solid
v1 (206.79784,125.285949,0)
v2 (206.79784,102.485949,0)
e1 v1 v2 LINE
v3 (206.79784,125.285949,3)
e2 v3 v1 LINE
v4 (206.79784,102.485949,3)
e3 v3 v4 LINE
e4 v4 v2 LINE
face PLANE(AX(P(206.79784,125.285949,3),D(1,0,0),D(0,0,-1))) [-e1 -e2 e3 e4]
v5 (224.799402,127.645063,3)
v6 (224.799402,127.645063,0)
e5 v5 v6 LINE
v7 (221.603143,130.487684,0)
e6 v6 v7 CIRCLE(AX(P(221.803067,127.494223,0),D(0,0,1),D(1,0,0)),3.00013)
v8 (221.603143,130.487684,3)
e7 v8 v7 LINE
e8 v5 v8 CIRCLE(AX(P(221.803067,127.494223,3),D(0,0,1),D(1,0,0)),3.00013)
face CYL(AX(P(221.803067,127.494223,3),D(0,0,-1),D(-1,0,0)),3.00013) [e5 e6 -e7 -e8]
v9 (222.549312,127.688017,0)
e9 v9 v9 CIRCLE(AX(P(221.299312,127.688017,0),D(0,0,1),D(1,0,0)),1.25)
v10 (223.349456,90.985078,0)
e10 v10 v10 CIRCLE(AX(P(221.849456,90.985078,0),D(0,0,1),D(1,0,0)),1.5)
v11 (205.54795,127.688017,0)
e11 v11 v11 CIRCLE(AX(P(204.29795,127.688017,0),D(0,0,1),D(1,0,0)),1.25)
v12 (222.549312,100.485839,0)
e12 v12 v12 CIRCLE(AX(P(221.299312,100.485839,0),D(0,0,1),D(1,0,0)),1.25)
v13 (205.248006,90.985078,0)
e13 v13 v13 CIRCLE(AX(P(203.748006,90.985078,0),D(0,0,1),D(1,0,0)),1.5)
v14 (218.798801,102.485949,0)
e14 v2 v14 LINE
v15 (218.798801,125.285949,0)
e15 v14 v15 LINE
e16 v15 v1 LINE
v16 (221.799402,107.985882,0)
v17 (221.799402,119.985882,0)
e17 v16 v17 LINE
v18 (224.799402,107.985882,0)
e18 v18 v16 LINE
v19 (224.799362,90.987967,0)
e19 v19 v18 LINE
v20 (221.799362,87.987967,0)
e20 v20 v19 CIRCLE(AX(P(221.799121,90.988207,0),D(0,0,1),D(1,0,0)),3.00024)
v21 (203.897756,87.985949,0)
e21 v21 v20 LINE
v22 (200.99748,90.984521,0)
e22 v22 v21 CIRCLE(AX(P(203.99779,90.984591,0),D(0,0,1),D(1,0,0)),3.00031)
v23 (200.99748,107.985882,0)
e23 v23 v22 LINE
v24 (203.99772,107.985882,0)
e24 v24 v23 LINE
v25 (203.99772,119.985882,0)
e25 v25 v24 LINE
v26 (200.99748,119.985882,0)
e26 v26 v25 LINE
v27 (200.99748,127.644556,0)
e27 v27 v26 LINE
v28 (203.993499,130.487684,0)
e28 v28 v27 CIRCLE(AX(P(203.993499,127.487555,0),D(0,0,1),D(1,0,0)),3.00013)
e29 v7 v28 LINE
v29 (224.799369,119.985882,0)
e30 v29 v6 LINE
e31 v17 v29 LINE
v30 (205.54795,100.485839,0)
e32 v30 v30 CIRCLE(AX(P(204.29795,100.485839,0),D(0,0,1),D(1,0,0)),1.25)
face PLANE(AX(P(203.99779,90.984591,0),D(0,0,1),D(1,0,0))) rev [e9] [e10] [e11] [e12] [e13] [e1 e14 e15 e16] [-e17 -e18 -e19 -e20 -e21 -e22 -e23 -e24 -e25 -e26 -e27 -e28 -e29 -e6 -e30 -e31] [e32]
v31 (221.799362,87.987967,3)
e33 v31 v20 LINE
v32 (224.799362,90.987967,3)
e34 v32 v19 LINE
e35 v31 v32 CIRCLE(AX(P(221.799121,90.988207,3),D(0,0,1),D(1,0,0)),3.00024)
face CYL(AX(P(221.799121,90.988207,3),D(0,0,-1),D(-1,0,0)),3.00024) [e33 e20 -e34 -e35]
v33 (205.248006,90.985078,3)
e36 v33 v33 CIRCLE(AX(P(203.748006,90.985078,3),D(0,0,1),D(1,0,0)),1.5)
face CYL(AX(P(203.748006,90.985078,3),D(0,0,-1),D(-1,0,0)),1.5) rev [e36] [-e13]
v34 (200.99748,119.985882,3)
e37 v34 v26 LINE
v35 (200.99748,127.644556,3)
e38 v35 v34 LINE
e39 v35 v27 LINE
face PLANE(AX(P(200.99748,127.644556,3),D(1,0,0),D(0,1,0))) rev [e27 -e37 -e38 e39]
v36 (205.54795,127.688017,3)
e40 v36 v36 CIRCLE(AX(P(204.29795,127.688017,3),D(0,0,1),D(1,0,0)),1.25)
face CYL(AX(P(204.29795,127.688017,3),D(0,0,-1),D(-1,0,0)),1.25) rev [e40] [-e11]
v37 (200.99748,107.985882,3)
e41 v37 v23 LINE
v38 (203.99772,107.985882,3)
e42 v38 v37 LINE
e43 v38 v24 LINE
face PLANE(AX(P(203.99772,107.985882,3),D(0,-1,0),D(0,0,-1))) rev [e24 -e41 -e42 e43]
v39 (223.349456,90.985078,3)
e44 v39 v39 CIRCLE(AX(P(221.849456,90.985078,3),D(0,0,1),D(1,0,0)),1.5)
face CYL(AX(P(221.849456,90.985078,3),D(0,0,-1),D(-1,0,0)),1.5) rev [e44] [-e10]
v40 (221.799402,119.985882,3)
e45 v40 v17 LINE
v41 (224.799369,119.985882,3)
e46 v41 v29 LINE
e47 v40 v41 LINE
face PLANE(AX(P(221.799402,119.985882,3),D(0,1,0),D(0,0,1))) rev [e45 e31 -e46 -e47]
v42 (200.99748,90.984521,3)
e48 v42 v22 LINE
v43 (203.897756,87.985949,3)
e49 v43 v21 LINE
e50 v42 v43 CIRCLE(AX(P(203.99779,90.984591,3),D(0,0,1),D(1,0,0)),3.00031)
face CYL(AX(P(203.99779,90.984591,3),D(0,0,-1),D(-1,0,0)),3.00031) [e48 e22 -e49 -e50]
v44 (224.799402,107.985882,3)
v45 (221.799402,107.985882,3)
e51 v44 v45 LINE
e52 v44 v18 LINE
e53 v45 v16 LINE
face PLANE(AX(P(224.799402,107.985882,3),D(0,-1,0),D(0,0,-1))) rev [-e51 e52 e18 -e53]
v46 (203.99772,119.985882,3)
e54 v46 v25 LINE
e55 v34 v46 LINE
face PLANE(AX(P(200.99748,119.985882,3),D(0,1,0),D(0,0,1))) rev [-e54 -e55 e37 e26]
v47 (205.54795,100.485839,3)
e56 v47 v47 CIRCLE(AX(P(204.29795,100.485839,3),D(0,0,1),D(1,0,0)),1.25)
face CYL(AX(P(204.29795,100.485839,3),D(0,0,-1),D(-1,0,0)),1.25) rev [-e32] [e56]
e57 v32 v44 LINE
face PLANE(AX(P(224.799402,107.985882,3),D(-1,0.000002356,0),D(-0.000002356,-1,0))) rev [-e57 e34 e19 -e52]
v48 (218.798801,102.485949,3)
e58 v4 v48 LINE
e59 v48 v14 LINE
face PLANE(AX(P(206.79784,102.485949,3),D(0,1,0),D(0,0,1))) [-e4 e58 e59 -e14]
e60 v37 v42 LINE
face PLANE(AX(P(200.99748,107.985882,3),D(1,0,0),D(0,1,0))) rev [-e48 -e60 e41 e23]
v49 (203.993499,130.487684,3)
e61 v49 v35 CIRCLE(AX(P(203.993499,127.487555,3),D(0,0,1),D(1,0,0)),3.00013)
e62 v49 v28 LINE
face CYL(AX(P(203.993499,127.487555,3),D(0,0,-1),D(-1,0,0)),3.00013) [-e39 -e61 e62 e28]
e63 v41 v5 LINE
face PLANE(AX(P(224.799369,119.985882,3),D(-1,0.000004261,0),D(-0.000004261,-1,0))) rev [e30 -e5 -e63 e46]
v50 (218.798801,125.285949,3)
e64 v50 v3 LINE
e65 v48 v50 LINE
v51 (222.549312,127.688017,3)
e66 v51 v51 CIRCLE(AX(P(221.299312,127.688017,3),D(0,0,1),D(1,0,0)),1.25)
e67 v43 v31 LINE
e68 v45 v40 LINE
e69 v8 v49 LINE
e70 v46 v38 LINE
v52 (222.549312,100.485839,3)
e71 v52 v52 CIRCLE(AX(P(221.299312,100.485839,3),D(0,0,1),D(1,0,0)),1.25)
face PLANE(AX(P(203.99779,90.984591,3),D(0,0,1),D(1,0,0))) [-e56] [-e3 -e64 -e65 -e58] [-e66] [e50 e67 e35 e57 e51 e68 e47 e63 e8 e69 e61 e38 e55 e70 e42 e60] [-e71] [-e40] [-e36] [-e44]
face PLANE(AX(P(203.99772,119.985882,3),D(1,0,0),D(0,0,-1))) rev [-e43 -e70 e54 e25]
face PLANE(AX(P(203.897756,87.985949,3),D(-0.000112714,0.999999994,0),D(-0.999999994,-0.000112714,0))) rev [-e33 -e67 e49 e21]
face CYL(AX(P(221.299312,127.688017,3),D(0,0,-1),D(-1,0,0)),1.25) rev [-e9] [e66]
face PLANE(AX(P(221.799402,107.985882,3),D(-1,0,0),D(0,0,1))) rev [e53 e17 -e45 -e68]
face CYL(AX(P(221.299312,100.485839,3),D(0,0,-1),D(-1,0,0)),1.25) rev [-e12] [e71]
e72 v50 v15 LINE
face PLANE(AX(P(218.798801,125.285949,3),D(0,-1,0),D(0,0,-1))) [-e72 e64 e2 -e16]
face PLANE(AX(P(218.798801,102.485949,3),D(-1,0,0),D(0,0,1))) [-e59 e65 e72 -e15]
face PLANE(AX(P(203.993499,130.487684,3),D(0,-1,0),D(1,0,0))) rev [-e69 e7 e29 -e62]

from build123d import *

# Parameters (mm, degrees)
SKETCH_1_R      = 1.25
SKETCH_1_R_2    = 1.5
SKETCH_1_W      = 12.000960833
SKETCH_1_H      = 22.8
EXTRUDE_1_DEPTH = 3


with BuildPart() as part:
    # 草圖1 → 填料-伸長1 (new body)
    with BuildSketch(Plane.XY):
        with BuildLine():
            Line((224.799401664, 107.985882496), (221.799401664, 107.985882496))
            Line((221.799401664, 107.985882496), (221.799401664, 119.985882496))
            Line((221.799401664, 119.985882496), (224.799369028, 119.985882496))
            Line((224.799369028, 119.985882496), (224.799401664, 127.645063489))
            ThreePointArc((224.799401664, 127.645063489), (223.796832359, 129.736024952), (221.603142855, 130.487684059))
            Line((221.603142855, 130.487684059), (203.993498606, 130.487684059))
            ThreePointArc((203.993498606, 130.487684059), (201.928341095, 129.663767205), (200.997480004, 127.64455643))
            Line((200.997480004, 127.64455643), (200.997480004, 119.985882496))
            Line((200.997480004, 119.985882496), (203.997720212, 119.985882496))
            Line((203.997720212, 119.985882496), (203.997720212, 107.985882496))
            Line((203.997720212, 107.985882496), (200.997480004, 107.985882496))
            Line((200.997480004, 107.985882496), (200.997480004, 90.984521316))
            ThreePointArc((200.997480004, 90.984521316), (201.841197388, 88.898693406), (203.897756422, 87.985949173))
            Line((203.897756422, 87.985949173), (221.799361625, 87.987966928))
            ThreePointArc((221.799361625, 87.987966928), (223.920611625, 88.866716927), (224.799361625, 90.987966928))
            Line((224.799361625, 90.987966928), (224.799401664, 107.985882496))
        make_face()
        with Locations((204.297950444, 127.688016928)):
            Circle(SKETCH_1_R, mode=Mode.SUBTRACT)
        with Locations((221.299311625, 127.688016928)):
            Circle(SKETCH_1_R, mode=Mode.SUBTRACT)
        with Locations((221.299311625, 100.485839038)):
            Circle(SKETCH_1_R, mode=Mode.SUBTRACT)
        with Locations((221.849455668, 90.985078375)):
            Circle(SKETCH_1_R_2, mode=Mode.SUBTRACT)
        with Locations((203.748006411, 90.985078375)):
            Circle(SKETCH_1_R_2, mode=Mode.SUBTRACT)
        with Locations((204.297950444, 100.485839038)):
            Circle(SKETCH_1_R, mode=Mode.SUBTRACT)
        with Locations((212.79832073, 113.885949173)):
            Rectangle(SKETCH_1_W, SKETCH_1_H, mode=Mode.SUBTRACT)
    extrude(amount=EXTRUDE_1_DEPTH)


solid = part.part
